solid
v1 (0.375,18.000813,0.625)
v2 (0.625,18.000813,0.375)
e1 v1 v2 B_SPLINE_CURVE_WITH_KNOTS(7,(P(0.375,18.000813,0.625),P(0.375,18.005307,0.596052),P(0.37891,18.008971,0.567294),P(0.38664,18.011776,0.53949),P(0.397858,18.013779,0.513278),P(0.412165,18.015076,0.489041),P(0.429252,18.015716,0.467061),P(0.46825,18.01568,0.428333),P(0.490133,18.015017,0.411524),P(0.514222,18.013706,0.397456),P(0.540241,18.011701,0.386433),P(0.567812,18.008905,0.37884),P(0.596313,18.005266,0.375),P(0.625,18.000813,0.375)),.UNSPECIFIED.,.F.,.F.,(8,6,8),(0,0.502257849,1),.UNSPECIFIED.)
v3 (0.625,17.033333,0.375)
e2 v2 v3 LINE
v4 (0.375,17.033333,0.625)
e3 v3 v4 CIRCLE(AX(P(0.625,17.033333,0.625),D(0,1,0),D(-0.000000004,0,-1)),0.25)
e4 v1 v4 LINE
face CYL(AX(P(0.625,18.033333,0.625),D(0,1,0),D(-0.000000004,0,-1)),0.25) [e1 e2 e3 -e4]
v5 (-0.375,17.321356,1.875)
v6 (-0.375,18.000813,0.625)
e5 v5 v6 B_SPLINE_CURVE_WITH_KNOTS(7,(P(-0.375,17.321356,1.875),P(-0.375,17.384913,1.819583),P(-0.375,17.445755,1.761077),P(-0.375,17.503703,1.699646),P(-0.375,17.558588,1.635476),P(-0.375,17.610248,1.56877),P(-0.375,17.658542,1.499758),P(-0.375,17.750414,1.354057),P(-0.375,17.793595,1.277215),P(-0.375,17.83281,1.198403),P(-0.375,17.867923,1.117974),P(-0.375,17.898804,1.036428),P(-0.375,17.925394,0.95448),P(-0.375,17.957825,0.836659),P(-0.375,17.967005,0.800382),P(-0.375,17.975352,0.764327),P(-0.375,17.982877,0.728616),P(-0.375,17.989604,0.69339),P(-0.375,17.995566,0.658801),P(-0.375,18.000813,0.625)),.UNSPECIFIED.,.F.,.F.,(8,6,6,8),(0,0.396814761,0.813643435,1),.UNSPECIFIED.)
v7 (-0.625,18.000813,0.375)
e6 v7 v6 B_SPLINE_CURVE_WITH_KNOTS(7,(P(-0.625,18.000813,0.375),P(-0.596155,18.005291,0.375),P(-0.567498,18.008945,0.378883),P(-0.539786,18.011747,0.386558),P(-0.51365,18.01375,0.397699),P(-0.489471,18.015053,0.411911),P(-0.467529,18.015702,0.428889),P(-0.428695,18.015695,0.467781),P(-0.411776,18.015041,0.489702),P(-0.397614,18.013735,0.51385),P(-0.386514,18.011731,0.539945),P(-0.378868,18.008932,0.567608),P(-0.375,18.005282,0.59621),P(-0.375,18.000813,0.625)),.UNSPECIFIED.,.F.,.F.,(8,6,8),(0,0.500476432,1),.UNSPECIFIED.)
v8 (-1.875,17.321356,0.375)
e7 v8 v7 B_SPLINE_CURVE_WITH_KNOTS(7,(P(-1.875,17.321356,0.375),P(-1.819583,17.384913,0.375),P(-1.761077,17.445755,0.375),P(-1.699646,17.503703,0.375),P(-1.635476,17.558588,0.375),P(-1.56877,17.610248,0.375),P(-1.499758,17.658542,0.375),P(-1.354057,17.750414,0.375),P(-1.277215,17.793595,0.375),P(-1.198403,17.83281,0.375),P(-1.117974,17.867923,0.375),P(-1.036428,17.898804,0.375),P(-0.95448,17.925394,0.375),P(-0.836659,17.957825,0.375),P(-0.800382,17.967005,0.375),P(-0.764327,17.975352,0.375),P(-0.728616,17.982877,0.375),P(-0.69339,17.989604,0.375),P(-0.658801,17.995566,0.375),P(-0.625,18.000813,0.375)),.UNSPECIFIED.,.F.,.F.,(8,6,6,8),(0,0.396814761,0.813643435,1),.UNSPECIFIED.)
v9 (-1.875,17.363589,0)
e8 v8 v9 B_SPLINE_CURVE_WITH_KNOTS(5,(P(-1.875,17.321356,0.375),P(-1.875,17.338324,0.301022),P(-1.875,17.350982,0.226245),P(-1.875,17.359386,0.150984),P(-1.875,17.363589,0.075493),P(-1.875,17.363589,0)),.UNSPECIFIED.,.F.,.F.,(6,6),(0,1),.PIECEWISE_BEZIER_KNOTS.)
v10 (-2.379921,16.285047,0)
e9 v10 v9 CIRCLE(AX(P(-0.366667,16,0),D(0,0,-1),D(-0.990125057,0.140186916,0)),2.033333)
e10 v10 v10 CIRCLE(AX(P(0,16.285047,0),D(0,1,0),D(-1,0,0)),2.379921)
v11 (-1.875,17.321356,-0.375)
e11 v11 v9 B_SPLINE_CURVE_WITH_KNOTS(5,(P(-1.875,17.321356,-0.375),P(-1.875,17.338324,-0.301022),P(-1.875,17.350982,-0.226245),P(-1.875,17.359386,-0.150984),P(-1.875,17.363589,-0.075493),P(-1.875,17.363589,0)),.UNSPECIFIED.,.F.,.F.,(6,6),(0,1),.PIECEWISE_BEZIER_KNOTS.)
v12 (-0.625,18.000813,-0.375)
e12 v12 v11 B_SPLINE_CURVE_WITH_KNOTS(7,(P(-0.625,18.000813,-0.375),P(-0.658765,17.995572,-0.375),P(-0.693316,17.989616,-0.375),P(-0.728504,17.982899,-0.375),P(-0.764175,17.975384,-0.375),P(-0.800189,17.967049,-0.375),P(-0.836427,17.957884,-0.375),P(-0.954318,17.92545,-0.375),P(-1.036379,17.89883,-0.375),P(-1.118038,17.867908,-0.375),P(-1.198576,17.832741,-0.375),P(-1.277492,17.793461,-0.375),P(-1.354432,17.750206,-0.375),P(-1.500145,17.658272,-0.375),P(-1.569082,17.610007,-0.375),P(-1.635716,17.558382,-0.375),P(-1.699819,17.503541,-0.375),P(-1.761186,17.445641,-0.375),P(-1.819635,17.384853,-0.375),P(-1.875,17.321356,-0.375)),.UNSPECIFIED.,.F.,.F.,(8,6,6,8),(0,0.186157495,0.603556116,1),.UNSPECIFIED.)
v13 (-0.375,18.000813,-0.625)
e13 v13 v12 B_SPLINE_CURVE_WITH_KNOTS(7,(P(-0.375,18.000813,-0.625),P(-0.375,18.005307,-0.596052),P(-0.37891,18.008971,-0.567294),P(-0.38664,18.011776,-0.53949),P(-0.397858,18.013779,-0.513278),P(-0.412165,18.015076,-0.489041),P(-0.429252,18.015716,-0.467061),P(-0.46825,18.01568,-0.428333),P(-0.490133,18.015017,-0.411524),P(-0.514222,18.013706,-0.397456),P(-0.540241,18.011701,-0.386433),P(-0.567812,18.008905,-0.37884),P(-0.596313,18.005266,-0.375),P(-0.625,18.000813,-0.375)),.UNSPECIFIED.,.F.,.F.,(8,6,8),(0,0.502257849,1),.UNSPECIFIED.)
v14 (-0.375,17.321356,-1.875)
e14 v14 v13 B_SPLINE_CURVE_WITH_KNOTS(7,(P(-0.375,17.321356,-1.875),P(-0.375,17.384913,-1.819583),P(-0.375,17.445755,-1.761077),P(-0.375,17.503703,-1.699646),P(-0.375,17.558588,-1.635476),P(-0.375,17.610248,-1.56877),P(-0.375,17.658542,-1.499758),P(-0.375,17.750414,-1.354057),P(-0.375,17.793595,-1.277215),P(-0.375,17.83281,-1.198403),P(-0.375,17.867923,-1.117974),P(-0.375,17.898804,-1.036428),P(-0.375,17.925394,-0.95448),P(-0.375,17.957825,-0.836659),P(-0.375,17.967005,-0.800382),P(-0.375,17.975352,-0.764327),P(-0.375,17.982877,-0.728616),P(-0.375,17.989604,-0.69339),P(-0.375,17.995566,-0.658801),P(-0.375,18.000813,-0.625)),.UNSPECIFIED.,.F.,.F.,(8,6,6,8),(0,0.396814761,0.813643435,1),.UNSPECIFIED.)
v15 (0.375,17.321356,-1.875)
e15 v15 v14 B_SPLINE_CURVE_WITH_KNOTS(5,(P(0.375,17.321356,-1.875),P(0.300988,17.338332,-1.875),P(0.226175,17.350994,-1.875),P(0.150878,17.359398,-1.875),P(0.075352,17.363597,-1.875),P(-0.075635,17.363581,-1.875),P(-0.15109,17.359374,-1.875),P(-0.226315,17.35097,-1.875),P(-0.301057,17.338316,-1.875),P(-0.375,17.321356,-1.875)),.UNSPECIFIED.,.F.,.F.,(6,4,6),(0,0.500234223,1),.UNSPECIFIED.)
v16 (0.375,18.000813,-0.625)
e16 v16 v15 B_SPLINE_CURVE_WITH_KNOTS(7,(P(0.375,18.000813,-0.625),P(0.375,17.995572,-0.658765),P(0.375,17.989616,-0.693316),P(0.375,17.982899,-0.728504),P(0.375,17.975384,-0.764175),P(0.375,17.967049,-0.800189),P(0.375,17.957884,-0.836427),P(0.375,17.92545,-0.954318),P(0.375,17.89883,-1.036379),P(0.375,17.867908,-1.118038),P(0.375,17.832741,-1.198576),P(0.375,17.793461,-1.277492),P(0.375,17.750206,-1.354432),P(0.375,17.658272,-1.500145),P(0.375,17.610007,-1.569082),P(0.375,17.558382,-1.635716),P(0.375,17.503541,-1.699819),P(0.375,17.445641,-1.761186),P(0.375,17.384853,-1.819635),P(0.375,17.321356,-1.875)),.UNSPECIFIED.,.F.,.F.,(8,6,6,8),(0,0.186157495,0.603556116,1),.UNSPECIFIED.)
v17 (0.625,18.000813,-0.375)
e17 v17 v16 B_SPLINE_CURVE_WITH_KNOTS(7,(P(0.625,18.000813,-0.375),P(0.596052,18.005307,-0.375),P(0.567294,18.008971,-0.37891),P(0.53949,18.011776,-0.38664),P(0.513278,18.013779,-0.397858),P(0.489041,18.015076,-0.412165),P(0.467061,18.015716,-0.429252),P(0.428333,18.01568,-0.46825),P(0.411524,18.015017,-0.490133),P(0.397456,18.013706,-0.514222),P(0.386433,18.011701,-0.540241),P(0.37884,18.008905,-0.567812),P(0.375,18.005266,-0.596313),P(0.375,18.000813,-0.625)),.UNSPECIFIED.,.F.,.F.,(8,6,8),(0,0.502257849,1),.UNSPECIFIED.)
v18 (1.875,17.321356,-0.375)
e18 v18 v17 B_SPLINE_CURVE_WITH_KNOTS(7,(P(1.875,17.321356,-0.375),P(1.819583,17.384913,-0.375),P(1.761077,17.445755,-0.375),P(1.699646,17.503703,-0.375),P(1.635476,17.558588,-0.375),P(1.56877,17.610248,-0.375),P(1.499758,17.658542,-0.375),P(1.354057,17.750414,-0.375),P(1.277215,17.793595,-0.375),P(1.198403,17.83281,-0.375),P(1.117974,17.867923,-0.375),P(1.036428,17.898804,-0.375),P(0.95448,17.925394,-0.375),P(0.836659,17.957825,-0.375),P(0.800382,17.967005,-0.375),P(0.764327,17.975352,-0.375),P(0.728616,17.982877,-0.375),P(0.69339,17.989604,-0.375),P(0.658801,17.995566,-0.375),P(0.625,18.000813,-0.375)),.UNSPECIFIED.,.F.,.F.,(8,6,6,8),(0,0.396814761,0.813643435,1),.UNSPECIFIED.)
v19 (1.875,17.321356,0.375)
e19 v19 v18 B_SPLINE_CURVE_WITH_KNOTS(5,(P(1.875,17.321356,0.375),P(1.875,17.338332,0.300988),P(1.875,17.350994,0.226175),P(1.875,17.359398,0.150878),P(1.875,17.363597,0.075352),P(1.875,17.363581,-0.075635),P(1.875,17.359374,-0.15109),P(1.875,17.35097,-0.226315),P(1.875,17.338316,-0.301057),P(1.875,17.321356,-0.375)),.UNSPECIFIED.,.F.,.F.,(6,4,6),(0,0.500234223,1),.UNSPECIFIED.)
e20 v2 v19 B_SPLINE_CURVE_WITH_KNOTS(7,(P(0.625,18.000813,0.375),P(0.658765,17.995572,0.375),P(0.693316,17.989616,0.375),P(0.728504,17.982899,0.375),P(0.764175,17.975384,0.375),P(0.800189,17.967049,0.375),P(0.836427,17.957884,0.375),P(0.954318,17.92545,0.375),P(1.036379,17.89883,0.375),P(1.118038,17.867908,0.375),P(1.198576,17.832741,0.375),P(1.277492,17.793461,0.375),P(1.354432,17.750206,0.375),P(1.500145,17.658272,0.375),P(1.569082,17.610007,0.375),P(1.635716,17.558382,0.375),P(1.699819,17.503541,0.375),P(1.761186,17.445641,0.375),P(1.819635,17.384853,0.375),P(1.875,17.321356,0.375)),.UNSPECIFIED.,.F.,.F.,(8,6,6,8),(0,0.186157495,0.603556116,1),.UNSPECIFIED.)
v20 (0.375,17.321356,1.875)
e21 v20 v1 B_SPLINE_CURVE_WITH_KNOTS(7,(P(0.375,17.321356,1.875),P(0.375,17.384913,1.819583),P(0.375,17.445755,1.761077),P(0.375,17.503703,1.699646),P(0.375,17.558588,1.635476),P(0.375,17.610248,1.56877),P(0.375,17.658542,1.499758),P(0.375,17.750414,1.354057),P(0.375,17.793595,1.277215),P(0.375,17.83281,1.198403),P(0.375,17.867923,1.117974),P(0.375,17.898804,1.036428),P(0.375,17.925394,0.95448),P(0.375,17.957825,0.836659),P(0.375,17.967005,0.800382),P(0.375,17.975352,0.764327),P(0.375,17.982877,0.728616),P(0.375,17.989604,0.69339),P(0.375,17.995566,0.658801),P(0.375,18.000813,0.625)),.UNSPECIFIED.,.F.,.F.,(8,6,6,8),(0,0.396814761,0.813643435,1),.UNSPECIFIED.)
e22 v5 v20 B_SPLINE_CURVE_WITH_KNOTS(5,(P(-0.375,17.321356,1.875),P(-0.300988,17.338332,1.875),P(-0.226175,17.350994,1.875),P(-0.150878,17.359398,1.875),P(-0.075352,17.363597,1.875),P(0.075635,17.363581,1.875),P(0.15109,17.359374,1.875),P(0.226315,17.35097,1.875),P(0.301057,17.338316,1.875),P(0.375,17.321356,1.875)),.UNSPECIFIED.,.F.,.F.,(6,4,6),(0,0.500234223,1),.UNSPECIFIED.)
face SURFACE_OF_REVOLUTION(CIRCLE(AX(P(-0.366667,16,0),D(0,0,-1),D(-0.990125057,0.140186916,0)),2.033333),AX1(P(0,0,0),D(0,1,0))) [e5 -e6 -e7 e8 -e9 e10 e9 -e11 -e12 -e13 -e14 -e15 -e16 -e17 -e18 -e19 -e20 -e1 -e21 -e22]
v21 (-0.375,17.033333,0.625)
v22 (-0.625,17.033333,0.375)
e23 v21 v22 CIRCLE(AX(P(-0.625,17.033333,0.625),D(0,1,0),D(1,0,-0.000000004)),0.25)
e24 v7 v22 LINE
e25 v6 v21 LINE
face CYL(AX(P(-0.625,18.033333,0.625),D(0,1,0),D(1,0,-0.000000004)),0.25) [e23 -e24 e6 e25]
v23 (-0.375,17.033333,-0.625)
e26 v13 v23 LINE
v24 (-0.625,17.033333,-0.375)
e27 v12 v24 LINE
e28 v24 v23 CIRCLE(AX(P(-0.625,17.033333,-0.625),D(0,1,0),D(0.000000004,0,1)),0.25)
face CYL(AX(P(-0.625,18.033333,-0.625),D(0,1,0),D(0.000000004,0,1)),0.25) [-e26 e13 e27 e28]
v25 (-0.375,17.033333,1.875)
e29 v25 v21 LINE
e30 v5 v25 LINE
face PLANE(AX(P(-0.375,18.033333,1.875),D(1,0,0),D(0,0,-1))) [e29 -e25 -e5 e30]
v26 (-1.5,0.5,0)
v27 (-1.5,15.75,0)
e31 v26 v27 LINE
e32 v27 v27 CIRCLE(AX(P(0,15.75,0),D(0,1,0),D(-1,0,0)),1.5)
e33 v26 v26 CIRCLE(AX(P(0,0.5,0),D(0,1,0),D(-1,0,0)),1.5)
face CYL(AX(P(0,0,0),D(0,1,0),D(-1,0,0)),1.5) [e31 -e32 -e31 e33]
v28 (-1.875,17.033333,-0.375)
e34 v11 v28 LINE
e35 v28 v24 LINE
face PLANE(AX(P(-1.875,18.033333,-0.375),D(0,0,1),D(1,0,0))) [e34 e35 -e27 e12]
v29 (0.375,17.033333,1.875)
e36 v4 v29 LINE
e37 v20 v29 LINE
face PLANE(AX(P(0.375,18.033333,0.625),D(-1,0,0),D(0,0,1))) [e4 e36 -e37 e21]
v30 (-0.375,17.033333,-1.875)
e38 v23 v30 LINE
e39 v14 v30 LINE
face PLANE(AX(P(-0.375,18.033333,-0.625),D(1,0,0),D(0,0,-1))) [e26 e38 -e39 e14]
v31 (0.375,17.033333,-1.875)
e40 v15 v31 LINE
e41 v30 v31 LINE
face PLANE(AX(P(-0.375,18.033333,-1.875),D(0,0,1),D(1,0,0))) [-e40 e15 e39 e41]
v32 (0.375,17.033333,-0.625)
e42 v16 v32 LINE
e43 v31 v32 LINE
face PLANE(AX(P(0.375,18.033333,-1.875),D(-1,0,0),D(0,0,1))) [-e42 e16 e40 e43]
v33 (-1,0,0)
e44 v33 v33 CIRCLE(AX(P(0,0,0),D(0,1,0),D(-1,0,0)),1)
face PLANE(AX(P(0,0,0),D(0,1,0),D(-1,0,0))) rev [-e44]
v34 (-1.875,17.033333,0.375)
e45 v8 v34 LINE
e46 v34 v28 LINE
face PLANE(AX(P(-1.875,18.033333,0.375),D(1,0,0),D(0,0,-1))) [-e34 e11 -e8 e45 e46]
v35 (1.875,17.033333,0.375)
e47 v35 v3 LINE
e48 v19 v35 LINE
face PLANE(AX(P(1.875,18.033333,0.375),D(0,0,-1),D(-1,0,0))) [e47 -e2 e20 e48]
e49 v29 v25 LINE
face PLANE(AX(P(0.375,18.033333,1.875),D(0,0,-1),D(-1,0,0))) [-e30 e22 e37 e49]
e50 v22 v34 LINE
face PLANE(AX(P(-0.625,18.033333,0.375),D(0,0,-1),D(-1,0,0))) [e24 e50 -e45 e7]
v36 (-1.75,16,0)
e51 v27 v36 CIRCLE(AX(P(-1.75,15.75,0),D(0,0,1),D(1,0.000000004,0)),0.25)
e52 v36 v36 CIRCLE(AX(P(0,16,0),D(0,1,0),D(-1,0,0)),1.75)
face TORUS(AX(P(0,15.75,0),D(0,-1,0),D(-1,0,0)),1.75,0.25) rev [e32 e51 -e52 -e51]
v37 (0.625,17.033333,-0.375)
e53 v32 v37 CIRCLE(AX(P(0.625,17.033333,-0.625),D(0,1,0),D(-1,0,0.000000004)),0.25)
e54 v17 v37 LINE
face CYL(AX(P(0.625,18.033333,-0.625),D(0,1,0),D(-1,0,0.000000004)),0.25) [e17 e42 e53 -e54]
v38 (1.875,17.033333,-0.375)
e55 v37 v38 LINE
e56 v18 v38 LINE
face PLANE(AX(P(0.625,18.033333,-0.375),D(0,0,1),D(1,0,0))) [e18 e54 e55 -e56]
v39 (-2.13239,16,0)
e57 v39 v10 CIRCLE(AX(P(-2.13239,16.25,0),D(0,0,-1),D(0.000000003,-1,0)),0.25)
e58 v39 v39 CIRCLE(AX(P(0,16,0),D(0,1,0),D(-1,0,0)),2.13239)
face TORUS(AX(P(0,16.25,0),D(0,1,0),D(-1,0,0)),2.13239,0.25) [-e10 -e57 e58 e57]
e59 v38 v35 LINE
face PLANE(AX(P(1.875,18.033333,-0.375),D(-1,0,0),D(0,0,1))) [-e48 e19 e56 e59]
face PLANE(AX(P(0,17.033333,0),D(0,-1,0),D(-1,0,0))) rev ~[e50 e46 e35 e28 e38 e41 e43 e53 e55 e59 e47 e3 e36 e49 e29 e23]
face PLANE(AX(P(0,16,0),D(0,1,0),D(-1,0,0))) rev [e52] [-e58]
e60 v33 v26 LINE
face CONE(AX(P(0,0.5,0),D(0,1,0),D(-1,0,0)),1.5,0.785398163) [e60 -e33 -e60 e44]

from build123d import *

# Parameters (mm, degrees)
CHAMFER1_SIZE      = 0.5
CUT_EXTRUDE3_DEPTH = 1


with BuildPart() as part:
    # Sketch1 → Revolve1 (revolve)
    with BuildSketch(Plane.XY):
        with BuildLine():
            Line((0, 0), (-1.5, 0))
            Line((-1.5, 0), (-1.5, 15.75))
            ThreePointArc((-1.5, 15.75), (-1.573223305, 15.926776695), (-1.75, 16))
            Line((-1.75, 16), (-2.132389685, 16))
            ThreePointArc((-2.132389685, 16), (-2.321151019, 16.086081853), (-2.379920949, 16.285046729))
            ThreePointArc((-2.379920949, 16.285046729), (-1.555396609, 17.649656197), (0, 18))
            Line((0, 18), (0, 0))
        make_face()
    revolve(axis=Axis((0, 0, 0), (0, 1, 0)))

    # Chamfer1
    chamfer1_edges = [part.edges().sort_by_distance(p)[0] for p in [
        (1.5, 0, 0),
    ]]
    chamfer(chamfer1_edges, length=CHAMFER1_SIZE)

    # Sketch9 → Cut-Extrude3 (cut)
    with BuildSketch(Plane(origin=(0, 18.033333333, 0), x_dir=(1, 0, 0), z_dir=(0, 1, 0))):
        with BuildLine():
            Line((-0.375, 1.875), (0.375, 1.875))
            Line((0.375, 1.875), (0.375, 0.625))
            ThreePointArc((0.375, 0.625), (0.448223305, 0.448223305), (0.625, 0.375))
            Line((0.625, 0.375), (1.875, 0.375))
            Line((1.875, 0.375), (1.875, -0.375))
            Line((1.875, -0.375), (0.625, -0.375))
            ThreePointArc((0.625, -0.375), (0.448223305, -0.448223305), (0.375, -0.625))
            Line((0.375, -0.625), (0.375, -1.875))
            Line((0.375, -1.875), (-0.375, -1.875))
            Line((-0.375, -1.875), (-0.375, -0.625))
            ThreePointArc((-0.375, -0.625), (-0.448223305, -0.448223305), (-0.625, -0.375))
            Line((-0.625, -0.375), (-1.875, -0.375))
            Line((-1.875, -0.375), (-1.875, 0.375))
            Line((-1.875, 0.375), (-0.625, 0.375))
            ThreePointArc((-0.625, 0.375), (-0.448223305, 0.448223305), (-0.375, 0.625))
            Line((-0.375, 0.625), (-0.375, 1.875))
        make_face()
    extrude(amount=-CUT_EXTRUDE3_DEPTH, mode=Mode.SUBTRACT)


solid = part.part
